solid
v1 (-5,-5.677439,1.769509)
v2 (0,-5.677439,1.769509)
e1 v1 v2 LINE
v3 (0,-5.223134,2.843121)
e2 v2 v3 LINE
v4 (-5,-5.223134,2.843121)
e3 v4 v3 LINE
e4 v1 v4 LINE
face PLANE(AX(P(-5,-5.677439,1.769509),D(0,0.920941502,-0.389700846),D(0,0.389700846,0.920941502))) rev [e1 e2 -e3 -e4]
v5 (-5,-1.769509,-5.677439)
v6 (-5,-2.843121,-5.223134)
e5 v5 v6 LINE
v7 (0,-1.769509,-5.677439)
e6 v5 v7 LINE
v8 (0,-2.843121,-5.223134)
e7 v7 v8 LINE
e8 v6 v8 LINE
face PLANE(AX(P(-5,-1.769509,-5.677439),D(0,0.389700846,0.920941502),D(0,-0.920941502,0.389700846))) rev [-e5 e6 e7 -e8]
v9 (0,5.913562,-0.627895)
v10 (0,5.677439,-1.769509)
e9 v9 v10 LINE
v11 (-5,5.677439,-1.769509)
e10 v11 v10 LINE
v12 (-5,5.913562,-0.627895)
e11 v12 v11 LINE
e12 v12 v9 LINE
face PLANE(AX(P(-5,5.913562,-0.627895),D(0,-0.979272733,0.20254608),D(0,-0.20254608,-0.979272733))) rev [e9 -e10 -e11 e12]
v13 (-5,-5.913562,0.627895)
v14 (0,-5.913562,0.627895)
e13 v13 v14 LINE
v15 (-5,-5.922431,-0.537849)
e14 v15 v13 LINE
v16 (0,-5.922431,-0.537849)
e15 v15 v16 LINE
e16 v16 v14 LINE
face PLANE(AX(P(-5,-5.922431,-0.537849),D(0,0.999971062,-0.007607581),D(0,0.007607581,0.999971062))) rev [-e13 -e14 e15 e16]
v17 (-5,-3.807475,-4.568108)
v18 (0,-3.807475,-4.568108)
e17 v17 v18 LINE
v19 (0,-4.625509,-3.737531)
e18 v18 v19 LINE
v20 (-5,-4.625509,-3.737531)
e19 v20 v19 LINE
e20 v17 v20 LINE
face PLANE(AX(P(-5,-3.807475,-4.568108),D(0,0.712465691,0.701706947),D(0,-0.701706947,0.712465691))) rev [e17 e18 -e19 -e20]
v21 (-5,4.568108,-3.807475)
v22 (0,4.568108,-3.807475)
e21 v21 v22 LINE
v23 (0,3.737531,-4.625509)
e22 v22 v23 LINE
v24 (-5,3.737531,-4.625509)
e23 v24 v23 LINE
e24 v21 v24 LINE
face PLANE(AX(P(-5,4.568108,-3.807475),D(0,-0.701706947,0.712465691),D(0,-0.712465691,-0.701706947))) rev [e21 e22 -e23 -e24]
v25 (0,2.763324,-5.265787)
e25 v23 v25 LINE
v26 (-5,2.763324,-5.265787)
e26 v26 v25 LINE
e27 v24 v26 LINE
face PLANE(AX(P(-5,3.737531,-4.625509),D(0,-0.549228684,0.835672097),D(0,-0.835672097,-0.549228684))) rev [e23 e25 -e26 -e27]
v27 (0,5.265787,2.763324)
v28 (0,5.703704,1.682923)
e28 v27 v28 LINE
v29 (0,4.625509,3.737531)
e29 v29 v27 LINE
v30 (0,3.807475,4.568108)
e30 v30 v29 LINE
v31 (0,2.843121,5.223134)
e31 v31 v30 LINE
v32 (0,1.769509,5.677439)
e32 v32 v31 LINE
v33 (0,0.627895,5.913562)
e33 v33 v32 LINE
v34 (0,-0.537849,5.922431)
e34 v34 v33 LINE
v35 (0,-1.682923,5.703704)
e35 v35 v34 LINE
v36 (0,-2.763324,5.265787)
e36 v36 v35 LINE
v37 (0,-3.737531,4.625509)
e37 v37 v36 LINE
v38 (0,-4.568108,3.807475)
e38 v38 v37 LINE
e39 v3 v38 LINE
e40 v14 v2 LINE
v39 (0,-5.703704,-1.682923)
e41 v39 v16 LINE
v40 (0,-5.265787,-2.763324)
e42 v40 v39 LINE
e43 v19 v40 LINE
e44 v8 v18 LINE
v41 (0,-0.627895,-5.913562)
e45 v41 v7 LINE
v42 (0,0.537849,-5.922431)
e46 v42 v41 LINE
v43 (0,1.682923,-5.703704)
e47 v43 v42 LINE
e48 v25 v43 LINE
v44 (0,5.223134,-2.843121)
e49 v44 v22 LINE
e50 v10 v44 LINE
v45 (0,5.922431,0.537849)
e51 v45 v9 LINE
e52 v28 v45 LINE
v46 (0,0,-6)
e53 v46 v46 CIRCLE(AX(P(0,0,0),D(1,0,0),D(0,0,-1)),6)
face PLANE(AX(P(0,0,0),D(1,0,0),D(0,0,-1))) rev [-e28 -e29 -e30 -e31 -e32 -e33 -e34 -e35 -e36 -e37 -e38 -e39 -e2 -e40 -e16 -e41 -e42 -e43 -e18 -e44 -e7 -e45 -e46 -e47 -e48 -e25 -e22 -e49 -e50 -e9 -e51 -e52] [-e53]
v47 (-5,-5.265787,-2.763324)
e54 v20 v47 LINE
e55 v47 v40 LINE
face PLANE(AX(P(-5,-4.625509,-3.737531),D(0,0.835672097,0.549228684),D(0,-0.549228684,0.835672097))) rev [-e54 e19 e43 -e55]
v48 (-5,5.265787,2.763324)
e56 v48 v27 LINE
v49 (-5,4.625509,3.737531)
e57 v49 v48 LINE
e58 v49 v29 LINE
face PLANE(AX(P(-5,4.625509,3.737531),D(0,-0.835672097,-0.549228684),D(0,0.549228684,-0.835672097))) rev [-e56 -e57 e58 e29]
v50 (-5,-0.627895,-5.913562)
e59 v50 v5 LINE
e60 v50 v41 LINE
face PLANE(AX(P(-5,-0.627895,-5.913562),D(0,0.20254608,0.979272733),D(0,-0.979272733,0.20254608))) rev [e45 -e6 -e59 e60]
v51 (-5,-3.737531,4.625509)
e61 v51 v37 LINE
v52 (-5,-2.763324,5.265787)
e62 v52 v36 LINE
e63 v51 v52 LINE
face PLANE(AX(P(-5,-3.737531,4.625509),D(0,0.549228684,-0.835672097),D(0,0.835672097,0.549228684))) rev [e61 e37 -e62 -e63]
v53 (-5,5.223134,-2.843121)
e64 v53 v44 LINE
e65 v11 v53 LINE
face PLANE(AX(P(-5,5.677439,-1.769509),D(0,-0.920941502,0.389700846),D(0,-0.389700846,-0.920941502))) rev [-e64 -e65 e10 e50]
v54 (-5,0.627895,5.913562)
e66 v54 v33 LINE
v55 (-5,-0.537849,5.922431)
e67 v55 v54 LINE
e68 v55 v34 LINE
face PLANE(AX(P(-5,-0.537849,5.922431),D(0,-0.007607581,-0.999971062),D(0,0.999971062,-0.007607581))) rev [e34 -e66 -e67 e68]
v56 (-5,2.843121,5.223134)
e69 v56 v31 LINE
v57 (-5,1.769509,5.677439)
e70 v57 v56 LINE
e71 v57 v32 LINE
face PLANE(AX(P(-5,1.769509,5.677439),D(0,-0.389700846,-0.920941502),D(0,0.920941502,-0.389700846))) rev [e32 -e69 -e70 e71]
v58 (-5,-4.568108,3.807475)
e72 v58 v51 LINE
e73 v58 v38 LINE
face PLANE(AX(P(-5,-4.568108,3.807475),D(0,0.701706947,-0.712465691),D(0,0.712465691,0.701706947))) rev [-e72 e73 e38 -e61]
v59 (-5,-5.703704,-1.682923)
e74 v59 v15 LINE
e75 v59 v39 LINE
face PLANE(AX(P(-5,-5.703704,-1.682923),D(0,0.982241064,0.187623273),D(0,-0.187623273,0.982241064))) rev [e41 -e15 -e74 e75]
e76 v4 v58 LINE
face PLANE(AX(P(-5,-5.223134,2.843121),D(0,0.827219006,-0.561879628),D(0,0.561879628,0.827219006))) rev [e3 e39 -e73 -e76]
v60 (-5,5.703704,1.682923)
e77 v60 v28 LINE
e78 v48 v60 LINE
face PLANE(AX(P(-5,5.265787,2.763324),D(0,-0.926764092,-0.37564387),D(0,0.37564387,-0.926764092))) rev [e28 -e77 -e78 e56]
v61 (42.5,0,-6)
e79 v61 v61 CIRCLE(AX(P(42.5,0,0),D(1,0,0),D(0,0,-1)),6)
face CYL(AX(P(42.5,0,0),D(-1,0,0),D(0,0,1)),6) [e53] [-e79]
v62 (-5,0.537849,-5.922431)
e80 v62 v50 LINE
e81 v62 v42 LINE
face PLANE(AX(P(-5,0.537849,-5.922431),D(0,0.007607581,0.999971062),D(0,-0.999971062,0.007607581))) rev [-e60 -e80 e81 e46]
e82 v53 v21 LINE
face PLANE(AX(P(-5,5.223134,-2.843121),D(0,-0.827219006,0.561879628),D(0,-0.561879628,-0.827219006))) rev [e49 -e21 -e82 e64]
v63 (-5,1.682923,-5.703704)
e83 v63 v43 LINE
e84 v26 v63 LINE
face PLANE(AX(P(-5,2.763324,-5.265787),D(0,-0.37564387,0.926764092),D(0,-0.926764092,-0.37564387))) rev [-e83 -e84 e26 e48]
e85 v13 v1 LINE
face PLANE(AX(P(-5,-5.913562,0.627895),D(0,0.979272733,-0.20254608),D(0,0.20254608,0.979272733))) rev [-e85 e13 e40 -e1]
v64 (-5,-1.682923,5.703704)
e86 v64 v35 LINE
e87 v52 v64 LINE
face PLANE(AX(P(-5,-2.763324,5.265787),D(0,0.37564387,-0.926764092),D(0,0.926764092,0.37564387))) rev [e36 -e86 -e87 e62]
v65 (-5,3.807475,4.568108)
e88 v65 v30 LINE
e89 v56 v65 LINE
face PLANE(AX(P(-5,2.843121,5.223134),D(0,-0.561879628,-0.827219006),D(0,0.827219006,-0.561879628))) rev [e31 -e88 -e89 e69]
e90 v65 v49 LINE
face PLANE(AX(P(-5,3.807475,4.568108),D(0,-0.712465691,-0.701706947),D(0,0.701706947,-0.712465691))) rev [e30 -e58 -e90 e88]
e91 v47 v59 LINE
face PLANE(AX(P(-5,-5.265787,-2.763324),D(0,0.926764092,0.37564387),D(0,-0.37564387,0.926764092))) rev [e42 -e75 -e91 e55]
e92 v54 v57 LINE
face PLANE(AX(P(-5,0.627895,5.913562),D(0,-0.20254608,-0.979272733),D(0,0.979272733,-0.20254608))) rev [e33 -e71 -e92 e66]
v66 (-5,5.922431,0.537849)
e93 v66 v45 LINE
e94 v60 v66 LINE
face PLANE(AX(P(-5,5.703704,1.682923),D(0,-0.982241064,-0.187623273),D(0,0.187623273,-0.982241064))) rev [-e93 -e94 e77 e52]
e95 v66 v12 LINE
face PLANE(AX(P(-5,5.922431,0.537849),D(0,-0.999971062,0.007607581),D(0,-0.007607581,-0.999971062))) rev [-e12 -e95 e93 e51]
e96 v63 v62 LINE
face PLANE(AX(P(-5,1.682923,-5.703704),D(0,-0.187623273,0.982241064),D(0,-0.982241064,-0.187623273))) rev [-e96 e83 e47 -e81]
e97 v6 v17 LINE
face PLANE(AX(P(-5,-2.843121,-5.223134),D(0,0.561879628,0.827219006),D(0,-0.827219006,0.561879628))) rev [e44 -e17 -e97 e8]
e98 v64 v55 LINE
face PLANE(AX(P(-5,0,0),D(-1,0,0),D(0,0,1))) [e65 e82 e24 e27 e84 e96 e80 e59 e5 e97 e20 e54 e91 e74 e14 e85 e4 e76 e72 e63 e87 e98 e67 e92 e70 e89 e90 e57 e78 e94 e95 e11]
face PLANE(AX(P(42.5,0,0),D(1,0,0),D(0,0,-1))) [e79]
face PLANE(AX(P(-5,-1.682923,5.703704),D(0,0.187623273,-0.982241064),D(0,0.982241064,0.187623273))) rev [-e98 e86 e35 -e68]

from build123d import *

# Parameters (mm, degrees)
SKETCH_1_R      = 6
EXTRUDE_1_DEPTH = 42.5
EXTRUDE_2_DEPTH = 5


with BuildPart() as part:
    # 草图1 → 凸台-拉伸1 (new body)
    with BuildSketch(Plane(origin=(0, 0, 0), x_dir=(0, 0, -1), z_dir=(1, 0, 0))):
        Circle(SKETCH_1_R)
    extrude(amount=EXTRUDE_1_DEPTH)

    # 草图2 → 凸台-拉伸2 (add)
    with BuildSketch(Plane.ZY):
        Polygon((-5.922430933, 0.537848847), (-5.913562188, -0.627894725), (-5.677438564, -1.769508656), (-5.223134161, -2.843121361), (-4.568107641, -3.807474506), (-3.737531306, -4.625508542), (-2.763323739, -5.265786878), (-1.68292319, -5.703703978), (-0.537848847, -5.922430933), (0.627894725, -5.913562188), (1.769508656, -5.677438564), (2.843121361, -5.223134161), (3.807474506, -4.568107641), (4.625508542, -3.737531306), (5.265786878, -2.763323739), (5.703703978, -1.68292319), (5.922430933, -0.537848847), (5.913562188, 0.627894725), (5.677438564, 1.769508656), (5.223134161, 2.843121361), (4.568107641, 3.807474506), (3.737531306, 4.625508542), (2.763323739, 5.265786878), (1.68292319, 5.703703978), (0.537848847, 5.922430933), (-0.627894725, 5.913562188), (-1.769508656, 5.677438564), (-2.843121361, 5.223134161), (-3.807474506, 4.568107641), (-4.625508542, 3.737531306), (-5.265786878, 2.763323739), (-5.703703978, 1.68292319), align=None)
    extrude(amount=EXTRUDE_2_DEPTH)


solid = part.part
